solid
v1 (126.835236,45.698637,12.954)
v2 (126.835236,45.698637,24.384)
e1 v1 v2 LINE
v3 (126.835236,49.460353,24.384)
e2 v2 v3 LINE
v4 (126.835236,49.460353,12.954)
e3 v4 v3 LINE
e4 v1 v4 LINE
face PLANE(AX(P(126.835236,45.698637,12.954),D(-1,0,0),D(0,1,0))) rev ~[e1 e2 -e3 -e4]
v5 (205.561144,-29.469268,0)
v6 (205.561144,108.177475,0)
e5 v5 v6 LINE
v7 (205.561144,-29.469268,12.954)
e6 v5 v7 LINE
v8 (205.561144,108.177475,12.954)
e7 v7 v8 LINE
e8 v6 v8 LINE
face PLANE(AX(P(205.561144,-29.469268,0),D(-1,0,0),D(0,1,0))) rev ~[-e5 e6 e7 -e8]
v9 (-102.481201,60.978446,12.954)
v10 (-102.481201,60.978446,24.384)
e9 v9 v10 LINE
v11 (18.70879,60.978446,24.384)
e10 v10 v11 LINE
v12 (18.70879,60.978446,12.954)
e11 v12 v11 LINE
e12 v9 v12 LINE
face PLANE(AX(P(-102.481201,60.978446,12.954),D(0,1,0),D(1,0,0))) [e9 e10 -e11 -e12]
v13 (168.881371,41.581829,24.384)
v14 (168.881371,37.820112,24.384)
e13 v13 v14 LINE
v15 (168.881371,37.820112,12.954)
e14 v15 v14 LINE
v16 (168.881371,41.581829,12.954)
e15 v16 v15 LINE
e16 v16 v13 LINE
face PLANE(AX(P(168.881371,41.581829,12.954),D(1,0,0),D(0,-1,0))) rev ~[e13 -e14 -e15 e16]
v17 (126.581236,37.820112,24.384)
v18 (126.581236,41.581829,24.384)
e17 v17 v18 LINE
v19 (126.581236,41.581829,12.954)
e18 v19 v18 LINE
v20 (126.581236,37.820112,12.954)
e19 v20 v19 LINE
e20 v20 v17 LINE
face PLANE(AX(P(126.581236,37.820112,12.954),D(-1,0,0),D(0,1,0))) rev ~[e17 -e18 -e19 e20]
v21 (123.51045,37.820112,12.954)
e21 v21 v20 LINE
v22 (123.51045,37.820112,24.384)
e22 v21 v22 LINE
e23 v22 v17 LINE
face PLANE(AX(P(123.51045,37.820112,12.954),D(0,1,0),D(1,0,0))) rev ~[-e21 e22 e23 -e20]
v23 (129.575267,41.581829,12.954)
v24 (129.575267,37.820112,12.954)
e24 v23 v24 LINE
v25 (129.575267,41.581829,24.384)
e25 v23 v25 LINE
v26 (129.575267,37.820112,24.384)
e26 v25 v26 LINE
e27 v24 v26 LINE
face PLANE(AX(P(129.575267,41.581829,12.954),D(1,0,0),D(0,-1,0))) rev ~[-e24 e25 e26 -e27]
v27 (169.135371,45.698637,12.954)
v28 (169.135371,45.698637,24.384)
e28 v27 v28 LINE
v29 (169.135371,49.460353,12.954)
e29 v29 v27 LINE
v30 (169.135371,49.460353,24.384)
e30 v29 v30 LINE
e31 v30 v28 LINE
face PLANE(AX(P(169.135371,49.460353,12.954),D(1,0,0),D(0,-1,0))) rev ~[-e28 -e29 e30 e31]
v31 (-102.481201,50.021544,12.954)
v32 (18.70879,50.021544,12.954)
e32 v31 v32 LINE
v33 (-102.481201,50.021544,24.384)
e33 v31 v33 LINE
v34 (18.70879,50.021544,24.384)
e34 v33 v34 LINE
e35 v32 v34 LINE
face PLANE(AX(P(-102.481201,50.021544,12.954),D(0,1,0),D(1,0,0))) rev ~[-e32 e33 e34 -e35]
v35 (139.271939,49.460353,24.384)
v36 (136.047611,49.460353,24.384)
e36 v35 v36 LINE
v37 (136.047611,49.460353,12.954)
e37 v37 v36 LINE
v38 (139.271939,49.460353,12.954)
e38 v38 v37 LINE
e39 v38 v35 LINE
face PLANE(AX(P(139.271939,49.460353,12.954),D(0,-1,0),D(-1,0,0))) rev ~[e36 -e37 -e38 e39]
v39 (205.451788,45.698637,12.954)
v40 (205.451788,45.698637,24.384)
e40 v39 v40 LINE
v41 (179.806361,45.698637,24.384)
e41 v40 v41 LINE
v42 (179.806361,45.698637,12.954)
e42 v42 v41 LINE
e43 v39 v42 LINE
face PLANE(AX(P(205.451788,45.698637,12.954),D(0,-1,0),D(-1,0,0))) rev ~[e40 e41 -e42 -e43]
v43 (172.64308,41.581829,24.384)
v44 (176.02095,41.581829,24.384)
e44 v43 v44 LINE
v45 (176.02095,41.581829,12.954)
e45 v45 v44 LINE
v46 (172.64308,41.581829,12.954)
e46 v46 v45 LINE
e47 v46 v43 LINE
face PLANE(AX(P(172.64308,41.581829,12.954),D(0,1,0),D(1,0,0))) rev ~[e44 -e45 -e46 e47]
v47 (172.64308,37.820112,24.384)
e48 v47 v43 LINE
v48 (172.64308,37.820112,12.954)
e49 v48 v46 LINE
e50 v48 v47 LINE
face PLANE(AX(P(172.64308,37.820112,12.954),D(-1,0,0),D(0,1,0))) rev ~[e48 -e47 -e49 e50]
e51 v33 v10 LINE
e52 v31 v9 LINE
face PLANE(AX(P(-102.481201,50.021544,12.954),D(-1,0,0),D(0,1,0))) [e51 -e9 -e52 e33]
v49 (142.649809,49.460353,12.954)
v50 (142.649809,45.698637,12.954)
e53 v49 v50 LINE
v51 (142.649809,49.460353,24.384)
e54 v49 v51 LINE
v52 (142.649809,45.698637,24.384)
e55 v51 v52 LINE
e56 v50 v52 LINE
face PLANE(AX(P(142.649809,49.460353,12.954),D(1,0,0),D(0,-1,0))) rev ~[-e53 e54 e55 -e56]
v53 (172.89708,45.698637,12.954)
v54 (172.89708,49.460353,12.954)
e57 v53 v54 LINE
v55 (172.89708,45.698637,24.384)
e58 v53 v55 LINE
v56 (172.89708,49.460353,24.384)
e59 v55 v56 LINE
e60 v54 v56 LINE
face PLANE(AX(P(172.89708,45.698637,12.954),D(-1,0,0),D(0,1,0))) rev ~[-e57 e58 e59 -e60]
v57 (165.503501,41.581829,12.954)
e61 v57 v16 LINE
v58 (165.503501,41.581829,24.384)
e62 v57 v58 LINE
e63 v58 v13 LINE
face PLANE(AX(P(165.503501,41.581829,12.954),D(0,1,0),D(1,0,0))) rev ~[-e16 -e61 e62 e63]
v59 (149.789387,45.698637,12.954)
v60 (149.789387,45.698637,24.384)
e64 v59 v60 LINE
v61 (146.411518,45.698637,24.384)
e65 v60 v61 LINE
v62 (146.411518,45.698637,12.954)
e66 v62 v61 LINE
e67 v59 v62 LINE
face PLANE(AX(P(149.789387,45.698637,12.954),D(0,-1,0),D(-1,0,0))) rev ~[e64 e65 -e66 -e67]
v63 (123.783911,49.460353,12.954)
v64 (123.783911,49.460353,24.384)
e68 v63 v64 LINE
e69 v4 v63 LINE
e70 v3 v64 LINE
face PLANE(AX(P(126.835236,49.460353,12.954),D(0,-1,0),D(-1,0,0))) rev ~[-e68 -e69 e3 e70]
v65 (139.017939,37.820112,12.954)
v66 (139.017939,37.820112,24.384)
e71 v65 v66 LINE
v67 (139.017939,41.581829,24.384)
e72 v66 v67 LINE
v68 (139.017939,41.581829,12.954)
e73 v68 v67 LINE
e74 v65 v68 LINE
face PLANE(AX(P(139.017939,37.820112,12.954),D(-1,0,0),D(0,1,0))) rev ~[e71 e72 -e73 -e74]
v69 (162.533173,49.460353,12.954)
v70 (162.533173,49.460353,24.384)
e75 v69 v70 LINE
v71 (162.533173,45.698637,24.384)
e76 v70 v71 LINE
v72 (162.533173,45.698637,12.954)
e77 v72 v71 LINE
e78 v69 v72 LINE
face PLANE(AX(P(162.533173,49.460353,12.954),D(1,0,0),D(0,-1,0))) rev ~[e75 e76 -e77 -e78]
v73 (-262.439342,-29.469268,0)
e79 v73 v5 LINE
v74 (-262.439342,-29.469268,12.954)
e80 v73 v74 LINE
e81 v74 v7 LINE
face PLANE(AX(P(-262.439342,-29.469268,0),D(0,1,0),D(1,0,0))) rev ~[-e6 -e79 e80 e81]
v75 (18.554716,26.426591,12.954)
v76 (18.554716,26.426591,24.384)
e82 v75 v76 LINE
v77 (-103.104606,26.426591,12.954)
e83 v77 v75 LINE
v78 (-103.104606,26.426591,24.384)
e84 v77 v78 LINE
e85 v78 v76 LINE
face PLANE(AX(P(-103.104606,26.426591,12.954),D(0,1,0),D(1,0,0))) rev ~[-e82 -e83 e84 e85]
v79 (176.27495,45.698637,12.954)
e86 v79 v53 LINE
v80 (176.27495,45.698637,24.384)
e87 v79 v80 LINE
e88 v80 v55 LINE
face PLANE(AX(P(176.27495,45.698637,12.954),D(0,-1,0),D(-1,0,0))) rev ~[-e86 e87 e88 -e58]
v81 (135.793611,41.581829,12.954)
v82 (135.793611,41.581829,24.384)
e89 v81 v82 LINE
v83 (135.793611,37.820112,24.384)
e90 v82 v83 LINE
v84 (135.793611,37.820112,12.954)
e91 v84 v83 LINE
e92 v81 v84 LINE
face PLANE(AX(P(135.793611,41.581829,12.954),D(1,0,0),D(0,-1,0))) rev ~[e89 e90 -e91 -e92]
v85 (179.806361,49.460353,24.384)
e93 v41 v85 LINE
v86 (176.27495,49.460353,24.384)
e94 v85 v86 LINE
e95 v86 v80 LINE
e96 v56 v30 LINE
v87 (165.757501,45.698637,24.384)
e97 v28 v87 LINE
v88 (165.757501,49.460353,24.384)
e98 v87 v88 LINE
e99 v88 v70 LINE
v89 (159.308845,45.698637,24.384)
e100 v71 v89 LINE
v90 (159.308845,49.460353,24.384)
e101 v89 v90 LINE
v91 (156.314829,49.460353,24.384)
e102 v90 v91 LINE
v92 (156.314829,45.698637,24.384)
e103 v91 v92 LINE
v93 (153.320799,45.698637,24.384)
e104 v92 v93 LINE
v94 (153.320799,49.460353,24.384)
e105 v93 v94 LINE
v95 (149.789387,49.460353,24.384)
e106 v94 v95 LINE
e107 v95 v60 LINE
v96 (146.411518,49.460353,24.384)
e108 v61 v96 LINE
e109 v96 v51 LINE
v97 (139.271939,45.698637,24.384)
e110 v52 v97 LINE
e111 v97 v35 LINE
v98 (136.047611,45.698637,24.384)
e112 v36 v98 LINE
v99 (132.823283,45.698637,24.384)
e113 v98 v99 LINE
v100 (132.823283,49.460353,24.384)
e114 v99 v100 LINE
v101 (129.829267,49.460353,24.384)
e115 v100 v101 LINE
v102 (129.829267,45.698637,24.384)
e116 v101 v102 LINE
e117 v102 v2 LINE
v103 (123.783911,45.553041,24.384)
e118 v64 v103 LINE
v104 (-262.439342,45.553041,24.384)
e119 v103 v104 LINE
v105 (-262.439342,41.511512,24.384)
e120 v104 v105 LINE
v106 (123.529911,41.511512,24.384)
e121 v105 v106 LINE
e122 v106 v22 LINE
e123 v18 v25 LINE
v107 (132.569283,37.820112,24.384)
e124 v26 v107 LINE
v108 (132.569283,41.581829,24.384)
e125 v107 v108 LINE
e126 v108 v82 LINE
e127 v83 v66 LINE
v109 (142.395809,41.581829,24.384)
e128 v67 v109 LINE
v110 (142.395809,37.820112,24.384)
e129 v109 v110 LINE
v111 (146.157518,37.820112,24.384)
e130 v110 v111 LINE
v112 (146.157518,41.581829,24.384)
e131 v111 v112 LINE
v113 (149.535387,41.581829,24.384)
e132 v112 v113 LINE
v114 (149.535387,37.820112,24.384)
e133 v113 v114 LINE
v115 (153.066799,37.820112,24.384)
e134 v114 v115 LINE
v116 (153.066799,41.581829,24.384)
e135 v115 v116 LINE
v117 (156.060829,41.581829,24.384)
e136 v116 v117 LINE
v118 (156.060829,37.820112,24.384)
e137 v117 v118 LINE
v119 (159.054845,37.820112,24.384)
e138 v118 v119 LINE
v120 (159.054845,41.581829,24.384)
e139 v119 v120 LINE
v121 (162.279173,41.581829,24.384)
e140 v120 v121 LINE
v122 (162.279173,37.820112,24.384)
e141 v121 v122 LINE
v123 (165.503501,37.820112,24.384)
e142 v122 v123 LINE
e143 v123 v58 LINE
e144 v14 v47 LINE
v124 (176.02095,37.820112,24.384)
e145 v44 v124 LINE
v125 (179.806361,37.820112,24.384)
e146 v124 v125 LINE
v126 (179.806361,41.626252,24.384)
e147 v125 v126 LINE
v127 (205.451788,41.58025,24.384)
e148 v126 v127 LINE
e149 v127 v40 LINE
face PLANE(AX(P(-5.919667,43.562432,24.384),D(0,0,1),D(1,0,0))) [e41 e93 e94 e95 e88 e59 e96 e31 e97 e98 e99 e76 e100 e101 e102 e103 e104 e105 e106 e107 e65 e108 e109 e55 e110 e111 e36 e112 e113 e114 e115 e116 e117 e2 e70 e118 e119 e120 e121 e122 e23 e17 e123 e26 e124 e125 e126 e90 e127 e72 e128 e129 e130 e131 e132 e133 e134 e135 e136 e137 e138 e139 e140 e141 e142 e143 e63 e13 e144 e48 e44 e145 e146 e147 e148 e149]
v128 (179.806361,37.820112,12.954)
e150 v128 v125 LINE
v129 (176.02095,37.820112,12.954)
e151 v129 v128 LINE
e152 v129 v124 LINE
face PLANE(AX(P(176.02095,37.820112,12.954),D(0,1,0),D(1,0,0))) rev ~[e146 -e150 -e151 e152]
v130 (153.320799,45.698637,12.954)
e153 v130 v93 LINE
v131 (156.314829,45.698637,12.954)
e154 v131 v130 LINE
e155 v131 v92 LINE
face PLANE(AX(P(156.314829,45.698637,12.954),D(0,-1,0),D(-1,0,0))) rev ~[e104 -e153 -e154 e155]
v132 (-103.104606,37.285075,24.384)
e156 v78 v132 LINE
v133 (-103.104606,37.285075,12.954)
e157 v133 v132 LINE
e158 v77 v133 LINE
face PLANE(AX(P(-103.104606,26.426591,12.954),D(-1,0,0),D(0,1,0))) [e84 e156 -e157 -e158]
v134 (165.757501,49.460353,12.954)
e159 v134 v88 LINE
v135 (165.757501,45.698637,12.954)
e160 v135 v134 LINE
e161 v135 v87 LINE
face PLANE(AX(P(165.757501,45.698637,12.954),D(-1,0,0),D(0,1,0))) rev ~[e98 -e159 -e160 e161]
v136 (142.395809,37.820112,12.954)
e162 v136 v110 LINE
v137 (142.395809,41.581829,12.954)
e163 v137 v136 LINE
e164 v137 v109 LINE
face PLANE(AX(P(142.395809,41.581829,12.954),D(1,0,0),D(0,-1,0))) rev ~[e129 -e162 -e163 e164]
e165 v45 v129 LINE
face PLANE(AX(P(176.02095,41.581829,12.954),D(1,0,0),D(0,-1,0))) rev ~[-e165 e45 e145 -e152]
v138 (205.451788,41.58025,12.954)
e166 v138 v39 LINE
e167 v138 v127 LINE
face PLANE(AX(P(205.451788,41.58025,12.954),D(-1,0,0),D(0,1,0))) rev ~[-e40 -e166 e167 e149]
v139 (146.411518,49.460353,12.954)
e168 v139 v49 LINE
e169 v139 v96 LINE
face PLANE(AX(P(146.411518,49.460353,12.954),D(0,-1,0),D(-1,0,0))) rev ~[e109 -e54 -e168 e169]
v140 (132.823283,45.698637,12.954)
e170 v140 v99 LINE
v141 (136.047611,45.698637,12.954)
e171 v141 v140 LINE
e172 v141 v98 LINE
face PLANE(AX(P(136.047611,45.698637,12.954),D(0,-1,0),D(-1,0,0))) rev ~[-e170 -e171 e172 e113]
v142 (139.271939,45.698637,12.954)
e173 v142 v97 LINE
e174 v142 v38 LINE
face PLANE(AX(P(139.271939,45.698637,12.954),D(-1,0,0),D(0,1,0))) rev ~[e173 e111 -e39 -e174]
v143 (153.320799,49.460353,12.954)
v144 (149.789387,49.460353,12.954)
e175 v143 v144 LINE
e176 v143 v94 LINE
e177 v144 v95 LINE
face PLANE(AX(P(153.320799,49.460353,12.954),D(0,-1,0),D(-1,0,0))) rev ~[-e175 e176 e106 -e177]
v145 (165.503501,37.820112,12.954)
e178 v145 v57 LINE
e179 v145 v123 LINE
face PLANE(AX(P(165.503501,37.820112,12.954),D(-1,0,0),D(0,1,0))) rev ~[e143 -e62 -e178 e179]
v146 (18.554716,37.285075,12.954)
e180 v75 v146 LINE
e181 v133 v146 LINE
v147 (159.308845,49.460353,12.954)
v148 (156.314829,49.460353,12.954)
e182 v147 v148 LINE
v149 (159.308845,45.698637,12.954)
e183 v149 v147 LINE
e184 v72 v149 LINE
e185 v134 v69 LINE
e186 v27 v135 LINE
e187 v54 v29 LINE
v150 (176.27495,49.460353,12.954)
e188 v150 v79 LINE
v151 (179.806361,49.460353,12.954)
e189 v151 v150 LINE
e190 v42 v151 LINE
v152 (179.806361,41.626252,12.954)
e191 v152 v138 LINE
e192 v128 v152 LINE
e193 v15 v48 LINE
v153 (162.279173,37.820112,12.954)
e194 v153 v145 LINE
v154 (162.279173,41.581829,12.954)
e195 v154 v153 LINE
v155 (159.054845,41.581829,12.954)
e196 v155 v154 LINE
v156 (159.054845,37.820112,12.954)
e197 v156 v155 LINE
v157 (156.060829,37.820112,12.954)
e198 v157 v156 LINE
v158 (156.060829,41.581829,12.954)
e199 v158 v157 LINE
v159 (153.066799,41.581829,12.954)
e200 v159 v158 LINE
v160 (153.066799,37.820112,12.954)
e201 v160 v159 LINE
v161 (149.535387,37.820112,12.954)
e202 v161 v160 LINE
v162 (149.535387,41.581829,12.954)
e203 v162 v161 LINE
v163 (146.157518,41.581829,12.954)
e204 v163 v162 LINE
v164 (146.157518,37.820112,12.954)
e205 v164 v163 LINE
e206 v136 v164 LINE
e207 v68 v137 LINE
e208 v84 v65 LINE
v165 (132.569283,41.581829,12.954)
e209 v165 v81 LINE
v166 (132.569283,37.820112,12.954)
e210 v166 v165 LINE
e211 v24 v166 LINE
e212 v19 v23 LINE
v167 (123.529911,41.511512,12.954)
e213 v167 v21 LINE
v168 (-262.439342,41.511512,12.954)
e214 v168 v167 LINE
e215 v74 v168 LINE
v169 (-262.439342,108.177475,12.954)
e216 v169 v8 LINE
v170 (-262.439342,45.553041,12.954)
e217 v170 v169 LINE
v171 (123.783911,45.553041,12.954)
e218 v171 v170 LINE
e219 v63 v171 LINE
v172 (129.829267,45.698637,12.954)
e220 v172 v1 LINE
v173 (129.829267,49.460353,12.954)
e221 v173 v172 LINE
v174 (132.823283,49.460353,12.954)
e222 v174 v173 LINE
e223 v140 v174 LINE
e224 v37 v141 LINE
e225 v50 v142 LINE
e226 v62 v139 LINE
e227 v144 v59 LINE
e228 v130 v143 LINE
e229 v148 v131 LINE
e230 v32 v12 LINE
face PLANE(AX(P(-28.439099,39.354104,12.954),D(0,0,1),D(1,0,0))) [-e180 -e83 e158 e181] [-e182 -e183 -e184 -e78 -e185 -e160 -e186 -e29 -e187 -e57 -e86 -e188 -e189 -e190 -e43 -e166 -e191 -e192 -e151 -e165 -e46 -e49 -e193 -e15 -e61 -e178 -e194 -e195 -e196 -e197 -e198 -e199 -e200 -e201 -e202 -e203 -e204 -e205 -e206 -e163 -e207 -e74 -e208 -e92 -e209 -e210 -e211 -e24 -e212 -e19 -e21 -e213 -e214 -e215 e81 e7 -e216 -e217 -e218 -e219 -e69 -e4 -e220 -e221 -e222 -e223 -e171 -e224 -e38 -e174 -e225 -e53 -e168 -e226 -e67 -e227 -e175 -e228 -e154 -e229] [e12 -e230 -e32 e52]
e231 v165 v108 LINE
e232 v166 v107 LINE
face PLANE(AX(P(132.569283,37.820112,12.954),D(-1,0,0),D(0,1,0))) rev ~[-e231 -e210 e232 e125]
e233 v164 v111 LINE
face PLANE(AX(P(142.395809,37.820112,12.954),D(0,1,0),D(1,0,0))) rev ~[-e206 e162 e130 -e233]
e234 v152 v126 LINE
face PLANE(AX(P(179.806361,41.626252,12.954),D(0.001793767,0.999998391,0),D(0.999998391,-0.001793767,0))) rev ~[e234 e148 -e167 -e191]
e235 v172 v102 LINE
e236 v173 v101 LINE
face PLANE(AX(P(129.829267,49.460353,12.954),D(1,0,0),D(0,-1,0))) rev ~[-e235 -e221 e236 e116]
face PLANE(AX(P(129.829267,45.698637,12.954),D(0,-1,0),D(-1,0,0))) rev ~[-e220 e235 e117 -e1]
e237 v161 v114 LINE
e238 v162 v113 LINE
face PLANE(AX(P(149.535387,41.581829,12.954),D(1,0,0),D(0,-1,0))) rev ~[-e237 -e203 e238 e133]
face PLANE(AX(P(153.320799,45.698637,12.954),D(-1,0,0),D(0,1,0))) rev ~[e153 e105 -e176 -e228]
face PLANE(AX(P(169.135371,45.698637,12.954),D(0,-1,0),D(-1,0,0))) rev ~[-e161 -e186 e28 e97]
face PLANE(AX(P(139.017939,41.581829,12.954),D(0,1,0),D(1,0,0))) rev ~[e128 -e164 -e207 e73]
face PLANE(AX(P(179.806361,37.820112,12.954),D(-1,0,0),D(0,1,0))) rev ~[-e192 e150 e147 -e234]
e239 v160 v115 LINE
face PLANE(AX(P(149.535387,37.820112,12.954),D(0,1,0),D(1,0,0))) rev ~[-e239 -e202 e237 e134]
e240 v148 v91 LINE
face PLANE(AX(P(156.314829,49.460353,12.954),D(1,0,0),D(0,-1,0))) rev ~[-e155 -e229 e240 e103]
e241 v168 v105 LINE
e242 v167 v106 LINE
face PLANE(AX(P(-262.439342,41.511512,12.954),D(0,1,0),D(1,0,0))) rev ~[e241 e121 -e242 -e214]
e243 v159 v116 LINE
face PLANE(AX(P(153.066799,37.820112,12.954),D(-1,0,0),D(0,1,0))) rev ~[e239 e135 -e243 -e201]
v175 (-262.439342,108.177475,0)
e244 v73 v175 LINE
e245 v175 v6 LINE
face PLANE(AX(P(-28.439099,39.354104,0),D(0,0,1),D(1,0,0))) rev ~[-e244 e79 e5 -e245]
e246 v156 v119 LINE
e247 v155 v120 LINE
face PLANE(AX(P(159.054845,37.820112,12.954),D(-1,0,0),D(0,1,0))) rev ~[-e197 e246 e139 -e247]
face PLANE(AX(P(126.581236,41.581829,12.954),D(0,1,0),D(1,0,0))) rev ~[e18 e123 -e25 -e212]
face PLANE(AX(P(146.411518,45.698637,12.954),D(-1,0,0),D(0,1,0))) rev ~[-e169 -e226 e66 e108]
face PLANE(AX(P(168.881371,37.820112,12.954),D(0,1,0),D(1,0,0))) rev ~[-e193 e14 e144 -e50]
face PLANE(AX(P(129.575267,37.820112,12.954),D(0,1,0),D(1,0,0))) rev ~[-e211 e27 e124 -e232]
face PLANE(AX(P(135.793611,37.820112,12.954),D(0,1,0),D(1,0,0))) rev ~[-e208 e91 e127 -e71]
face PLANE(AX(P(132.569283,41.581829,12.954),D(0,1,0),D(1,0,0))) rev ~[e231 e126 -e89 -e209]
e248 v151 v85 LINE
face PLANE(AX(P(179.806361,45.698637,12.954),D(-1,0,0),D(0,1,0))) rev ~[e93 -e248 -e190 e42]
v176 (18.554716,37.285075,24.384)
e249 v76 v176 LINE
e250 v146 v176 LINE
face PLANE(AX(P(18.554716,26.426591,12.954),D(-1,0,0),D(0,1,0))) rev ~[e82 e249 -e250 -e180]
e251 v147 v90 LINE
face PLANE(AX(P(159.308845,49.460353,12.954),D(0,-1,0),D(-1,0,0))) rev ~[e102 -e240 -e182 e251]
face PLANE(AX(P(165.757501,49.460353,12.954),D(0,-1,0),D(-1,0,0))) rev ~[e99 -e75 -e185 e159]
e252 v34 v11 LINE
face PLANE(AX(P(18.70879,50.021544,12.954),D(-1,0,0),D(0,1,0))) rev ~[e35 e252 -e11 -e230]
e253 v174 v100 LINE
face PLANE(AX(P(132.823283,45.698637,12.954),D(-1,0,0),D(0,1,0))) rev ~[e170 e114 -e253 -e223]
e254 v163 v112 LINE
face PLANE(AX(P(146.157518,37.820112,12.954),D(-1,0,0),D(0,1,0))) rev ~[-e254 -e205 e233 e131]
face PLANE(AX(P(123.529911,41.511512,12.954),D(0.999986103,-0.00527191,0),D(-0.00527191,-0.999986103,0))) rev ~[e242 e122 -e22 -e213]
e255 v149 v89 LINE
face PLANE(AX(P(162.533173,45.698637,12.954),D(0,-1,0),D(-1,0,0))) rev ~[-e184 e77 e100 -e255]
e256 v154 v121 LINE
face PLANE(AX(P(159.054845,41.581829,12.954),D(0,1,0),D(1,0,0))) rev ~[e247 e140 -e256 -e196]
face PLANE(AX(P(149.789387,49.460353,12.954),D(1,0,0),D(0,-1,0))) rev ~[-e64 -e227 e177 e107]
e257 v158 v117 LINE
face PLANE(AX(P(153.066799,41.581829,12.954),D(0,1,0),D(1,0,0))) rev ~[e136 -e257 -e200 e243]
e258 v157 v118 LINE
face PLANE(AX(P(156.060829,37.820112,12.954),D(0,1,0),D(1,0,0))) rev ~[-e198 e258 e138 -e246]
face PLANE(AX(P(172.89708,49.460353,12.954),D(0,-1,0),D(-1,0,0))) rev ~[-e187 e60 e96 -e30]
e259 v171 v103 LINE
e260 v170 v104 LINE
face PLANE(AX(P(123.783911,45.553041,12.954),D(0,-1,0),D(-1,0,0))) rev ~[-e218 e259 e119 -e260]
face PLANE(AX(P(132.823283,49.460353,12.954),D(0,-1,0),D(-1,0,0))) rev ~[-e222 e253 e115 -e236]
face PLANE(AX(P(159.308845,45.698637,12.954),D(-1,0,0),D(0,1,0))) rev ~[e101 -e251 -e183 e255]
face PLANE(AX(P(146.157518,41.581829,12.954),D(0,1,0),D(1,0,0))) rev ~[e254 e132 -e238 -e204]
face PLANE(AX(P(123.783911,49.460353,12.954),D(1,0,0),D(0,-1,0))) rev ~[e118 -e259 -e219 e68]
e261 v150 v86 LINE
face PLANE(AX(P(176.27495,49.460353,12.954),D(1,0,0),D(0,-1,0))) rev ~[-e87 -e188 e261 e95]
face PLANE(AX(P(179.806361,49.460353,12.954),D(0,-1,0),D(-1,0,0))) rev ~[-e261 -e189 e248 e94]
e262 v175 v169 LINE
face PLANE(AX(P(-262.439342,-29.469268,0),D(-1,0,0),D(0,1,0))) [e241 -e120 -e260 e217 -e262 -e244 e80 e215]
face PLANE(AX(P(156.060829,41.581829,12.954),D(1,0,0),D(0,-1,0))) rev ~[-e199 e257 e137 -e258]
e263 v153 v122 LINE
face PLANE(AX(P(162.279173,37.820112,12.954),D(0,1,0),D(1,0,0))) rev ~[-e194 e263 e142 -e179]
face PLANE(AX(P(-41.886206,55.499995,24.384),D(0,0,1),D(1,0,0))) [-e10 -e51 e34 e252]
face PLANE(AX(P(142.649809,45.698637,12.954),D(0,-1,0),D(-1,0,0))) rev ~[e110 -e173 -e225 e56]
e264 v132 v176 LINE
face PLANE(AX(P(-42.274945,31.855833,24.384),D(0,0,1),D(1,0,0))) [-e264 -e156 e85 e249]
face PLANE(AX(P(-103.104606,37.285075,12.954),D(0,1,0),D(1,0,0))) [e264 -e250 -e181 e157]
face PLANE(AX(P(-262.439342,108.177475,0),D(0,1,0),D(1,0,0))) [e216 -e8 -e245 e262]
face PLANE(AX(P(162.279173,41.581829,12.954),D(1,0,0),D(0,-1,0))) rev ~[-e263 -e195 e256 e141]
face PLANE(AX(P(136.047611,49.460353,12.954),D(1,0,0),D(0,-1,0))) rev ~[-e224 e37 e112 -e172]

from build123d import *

# Parameters (mm, degrees)
F0_W     = 468.000486
F0_H     = 137.646743
F1_DEPTH = 12.954
F2_W     = 121.189991
F2_H     = 10.956902
F2_W_2   = 121.659321
F2_H_2   = 10.858484
F3_DEPTH = 11.43


with BuildPart() as f1:
    # F0 (on Top) → F1 (new body)
    with BuildSketch(Plane.XY):
        with Locations((-28.439099, 39.354104)):
            Rectangle(F0_W, F0_H)
    extrude(amount=F1_DEPTH)

    # F2 (on face) → F3 (join)
    with BuildSketch(Plane.XY.offset(12.954)):
        Polygon((123.783911, 49.460353), (123.783911, 45.553041), (-262.439342, 45.553041), (-262.439342, 41.511512), (123.529911, 41.511512), (123.51045, 37.820112), (126.581236, 37.820112), (126.581236, 41.581829), (129.575267, 41.581829), (129.575267, 37.820112), (132.569283, 37.820112), (132.569283, 41.581829), (135.793611, 41.581829), (135.793611, 37.820112), (139.017939, 37.820112), (139.017939, 41.581829), (142.395809, 41.581829), (142.395809, 37.820112), (146.157518, 37.820112), (146.157518, 41.581829), (149.535387, 41.581829), (149.535387, 37.820112), (153.066799, 37.820112), (153.066799, 41.581829), (156.060829, 41.581829), (156.060829, 37.820112), (159.054845, 37.820112), (159.054845, 41.581829), (162.279173, 41.581829), (162.279173, 37.820112), (165.503501, 37.820112), (165.503501, 41.581829), (168.881371, 41.581829), (168.881371, 37.820112), (172.64308, 37.820112), (172.64308, 41.581829), (176.02095, 41.581829), (176.02095, 37.820112), (179.806361, 37.820112), (179.806361, 41.626252), (205.451788, 41.58025), (205.451788, 45.698637), (179.806361, 45.698637), (179.806361, 49.460353), (176.27495, 49.460353), (176.27495, 45.698637), (172.89708, 45.698637), (172.89708, 49.460353), (169.135371, 49.460353), (169.135371, 45.698637), (165.757501, 45.698637), (165.757501, 49.460353), (162.533173, 49.460353), (162.533173, 45.698637), (159.308845, 45.698637), (159.308845, 49.460353), (156.314829, 49.460353), (156.314829, 45.698637), (153.320799, 45.698637), (153.320799, 49.460353), (149.789387, 49.460353), (149.789387, 45.698637), (146.411518, 45.698637), (146.411518, 49.460353), (142.649809, 49.460353), (142.649809, 45.698637), (139.271939, 45.698637), (139.271939, 49.460353), (136.047611, 49.460353), (136.047611, 45.698637), (132.823283, 45.698637), (132.823283, 49.460353), (129.829267, 49.460353), (129.829267, 45.698637), (126.835236, 45.698637), (126.835236, 49.460353), align=None)
        with Locations((-41.886206, 55.499995)):
            Rectangle(F2_W, F2_H)
        with Locations((-42.274945, 31.855833)):
            Rectangle(F2_W_2, F2_H_2)
    extrude(amount=F3_DEPTH)


solid = f1.part
